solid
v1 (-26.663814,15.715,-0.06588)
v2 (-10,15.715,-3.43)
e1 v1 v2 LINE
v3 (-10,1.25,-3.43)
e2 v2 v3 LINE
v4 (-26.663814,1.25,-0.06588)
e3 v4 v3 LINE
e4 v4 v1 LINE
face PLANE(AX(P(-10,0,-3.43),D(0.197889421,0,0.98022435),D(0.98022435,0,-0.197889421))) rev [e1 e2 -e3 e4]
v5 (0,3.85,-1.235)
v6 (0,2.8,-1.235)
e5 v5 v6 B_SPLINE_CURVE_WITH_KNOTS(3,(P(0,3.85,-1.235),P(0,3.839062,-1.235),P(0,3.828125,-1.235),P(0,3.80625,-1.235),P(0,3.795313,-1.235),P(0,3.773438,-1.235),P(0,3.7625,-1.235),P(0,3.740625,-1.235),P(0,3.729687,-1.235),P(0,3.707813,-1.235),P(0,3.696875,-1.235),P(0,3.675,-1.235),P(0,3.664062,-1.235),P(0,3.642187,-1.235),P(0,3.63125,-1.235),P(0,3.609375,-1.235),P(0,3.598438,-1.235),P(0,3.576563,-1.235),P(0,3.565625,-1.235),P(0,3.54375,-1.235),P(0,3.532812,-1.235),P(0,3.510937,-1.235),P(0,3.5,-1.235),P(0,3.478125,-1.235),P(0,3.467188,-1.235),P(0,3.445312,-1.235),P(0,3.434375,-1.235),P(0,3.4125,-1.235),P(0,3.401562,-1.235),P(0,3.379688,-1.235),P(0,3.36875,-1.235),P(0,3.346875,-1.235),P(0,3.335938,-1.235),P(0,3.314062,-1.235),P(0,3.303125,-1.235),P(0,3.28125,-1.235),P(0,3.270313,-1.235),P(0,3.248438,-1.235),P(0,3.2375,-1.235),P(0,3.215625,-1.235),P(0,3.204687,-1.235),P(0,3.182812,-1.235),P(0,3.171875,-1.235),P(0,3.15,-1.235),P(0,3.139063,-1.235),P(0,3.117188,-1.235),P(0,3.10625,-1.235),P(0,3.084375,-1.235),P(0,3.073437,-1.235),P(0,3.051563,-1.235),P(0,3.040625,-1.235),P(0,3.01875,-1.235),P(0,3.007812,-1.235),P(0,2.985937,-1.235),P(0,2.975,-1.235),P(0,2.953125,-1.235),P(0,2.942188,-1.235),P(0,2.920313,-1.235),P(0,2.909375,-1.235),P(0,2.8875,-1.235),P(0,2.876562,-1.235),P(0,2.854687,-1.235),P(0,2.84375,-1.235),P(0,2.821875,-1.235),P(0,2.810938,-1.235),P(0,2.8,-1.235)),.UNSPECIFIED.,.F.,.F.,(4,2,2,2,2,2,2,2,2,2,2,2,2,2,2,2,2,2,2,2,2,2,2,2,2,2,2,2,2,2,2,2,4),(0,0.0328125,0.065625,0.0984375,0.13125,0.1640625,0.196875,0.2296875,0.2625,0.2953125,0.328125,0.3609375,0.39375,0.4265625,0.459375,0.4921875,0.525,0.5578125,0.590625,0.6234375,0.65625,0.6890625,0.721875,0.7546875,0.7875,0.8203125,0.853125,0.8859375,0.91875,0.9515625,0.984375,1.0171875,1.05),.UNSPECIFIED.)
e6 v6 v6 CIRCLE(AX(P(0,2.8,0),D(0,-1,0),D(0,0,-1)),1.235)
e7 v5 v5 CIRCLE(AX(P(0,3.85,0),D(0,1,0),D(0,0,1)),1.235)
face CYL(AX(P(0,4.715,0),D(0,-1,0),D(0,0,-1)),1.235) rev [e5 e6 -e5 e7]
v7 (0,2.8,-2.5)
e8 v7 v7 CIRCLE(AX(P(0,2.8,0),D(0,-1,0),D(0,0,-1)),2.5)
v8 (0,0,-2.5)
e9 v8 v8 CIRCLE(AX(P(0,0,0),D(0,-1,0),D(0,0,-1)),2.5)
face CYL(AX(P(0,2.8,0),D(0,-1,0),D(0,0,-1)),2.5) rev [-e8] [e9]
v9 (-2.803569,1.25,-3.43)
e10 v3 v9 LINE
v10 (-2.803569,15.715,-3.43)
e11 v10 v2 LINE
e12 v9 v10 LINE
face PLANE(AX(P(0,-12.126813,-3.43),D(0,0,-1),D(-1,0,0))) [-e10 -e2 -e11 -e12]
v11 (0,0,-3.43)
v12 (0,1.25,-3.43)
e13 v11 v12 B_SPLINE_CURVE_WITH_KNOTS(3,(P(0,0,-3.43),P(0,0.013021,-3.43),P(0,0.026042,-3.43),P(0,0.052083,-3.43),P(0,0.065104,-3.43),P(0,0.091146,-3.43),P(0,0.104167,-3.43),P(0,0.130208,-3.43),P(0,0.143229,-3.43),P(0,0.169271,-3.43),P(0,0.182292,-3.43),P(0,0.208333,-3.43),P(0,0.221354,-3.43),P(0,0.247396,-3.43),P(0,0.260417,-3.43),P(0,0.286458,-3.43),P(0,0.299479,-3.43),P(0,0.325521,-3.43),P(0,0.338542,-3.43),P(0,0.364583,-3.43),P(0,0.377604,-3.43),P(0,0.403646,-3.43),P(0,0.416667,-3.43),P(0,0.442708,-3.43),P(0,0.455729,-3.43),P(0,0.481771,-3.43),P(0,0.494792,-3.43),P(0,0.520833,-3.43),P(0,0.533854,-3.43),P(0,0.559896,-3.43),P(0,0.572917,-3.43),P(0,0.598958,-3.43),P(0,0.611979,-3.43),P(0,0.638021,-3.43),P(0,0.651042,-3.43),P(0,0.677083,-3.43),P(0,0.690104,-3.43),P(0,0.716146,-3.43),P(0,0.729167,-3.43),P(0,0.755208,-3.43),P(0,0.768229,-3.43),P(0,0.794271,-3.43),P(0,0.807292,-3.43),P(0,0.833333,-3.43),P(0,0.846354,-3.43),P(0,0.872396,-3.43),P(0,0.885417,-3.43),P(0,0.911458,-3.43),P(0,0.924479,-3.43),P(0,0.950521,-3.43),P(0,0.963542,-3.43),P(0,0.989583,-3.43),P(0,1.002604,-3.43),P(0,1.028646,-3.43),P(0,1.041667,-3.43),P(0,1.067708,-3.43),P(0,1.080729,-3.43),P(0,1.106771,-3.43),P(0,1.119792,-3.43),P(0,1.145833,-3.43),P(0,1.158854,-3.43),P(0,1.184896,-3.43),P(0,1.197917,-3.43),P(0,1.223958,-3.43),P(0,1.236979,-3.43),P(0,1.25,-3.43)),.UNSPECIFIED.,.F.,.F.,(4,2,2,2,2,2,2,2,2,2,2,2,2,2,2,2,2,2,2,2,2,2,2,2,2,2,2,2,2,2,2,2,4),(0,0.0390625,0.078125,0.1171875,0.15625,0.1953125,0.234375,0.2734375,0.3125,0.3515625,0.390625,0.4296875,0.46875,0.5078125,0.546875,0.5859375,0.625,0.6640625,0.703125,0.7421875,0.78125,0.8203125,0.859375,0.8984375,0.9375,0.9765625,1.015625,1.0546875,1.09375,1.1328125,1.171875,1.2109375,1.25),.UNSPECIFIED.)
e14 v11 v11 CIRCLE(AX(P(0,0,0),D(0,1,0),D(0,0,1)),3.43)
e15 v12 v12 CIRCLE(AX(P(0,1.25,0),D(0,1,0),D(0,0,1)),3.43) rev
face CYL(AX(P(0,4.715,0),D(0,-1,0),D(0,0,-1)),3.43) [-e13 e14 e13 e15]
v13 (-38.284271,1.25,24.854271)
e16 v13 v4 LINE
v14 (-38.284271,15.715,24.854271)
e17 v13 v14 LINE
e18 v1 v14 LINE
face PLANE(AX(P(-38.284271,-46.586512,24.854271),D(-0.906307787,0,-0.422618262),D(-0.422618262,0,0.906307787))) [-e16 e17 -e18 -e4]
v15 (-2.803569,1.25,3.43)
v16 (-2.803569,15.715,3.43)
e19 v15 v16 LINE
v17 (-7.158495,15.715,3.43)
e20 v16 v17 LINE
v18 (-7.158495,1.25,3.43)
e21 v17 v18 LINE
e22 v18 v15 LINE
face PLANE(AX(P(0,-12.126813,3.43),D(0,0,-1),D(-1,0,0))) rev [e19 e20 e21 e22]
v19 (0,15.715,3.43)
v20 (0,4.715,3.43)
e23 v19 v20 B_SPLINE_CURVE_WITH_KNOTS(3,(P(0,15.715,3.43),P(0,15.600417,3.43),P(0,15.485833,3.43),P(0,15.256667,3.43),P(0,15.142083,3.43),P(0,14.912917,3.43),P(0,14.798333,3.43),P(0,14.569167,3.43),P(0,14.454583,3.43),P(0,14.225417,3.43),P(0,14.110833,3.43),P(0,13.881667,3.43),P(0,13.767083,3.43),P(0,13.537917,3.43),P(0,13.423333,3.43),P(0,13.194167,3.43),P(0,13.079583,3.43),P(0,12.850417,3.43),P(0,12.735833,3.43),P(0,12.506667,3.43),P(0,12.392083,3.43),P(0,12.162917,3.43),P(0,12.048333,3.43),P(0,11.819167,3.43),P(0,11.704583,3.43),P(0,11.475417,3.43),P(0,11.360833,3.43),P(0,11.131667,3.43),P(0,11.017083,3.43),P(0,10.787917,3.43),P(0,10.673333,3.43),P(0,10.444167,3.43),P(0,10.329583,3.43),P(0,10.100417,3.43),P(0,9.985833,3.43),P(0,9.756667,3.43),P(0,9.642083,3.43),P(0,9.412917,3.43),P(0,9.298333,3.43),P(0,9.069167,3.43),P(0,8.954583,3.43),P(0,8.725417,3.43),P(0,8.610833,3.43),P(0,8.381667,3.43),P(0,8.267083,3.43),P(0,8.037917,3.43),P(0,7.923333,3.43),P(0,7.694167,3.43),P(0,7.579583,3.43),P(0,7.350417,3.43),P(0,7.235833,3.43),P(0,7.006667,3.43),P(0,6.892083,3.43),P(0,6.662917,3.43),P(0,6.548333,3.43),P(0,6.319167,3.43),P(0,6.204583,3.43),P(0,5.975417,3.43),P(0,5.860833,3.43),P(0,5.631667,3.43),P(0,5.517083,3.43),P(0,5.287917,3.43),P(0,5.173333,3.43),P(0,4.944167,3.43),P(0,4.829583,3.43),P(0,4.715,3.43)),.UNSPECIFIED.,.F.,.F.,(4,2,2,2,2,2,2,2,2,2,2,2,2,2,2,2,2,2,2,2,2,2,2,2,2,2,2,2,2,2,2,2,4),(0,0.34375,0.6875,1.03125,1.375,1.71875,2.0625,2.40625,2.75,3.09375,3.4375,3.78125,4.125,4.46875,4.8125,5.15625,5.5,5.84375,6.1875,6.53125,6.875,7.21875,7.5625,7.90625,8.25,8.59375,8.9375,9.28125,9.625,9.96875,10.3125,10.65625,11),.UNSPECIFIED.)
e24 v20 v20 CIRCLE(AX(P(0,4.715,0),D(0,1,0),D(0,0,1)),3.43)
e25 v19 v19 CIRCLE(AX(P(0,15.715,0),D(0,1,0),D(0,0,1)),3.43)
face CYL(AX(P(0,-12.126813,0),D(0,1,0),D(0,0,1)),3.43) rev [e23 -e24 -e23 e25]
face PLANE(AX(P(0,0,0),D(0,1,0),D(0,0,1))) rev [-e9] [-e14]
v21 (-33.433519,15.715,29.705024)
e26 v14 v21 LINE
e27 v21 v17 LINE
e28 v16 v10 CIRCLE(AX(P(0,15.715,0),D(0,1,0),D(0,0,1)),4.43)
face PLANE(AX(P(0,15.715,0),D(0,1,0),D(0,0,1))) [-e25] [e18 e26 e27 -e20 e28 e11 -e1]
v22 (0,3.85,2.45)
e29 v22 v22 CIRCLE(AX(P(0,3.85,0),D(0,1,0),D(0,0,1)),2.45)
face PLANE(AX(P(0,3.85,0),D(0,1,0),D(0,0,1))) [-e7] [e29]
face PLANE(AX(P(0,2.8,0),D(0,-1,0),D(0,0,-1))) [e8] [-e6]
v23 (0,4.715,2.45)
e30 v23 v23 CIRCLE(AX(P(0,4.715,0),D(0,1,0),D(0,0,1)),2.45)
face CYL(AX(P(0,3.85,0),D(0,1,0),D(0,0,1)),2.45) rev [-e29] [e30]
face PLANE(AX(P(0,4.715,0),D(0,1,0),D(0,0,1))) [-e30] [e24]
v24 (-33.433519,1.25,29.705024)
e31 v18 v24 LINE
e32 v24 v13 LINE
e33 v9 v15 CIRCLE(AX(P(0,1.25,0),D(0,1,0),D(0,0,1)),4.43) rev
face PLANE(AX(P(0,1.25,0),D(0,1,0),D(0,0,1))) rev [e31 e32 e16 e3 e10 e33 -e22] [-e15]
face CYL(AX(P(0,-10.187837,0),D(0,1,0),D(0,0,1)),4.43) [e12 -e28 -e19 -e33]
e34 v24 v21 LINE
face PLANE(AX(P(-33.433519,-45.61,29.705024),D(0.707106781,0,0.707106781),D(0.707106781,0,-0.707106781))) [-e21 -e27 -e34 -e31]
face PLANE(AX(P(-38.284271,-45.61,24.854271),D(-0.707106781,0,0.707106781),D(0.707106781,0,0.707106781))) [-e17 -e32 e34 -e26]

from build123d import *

# Parameters (mm, degrees)
SKETCH1_R            = 3.43
SKETCH1_R_2          = 1.235
MAIN_BODY_DEPTH      = 4.715
SKETCH2_R            = 2.45
TOP_SCREW_HOLE_DEPTH = 0.865
MAKE_START           = -3.465
MAKE_WINGS_DEPTH     = 14.465
SKETCH4_R            = 2.5
SPLINE_HOLE_DEPTH    = 2.8
SKETCH5_W            = 6.86
SKETCH5_H            = 14.465
BOSS_EXTRUDE1_DEPTH  = 5
BOSS_EXTRUDE2_DEPTH  = 14.465
BOSS_EXTRUDE3_DEPTH  = 14.465
BOSS_EXTRUDE4_START  = -14.465
BOSS_EXTRUDE4_DEPTH  = 14.465
CUT_EXTRUDE1_DEPTH   = 51.941486893


with BuildPart() as part:
    # Sketch1 → main body (new body)
    with BuildSketch(Plane(origin=(0, 0, 0), x_dir=(1, 0, 0), z_dir=(0, 1, 0))):
        with Locations(Location((0, 0, 0), (0, 0, 90))):
            Circle(SKETCH1_R)
        with Locations(Location((0, 0, 0), (0, 0, 90))):
            Circle(SKETCH1_R_2, mode=Mode.SUBTRACT)
    extrude(amount=MAIN_BODY_DEPTH)

    # Sketch2 → top screw hole (cut)
    with BuildSketch(Plane(origin=(0, 4.715, 0), x_dir=(1, 0, 0), z_dir=(0, 1, 0))):
        with Locations(Location((0, 0, 0), (0, 0, 270))):
            Circle(SKETCH2_R)
    extrude(amount=-TOP_SCREW_HOLE_DEPTH, mode=Mode.SUBTRACT)

    # Sketch3 → make wings (add)
    with BuildSketch(Plane(origin=(0, 4.715, 0), x_dir=(1, 0, 0), z_dir=(0, 1, 0)).offset(MAKE_START)):
        with BuildLine():
            ThreePointArc((0, -3.43), (-3.43, 0), (0, 3.43))
            Line((0, 3.43), (-6.57, 3.43))
            ThreePointArc((-6.57, 3.43), (-10, 0), (-6.57, -3.43))
            Line((-6.57, -3.43), (0, -3.43))
        make_face()
    extrude(amount=MAKE_WINGS_DEPTH)

    # Sketch4 → spline hole (cut)
    with BuildSketch(Plane.XZ):
        with Locations(Location((0, 0, 0), (0, 0, 270))):
            Circle(SKETCH4_R)
    extrude(amount=-SPLINE_HOLE_DEPTH, mode=Mode.SUBTRACT)

    # Sketch5 → Boss-Extrude1 (add)
    with BuildSketch(Plane.ZY.offset(10)):
        with Locations((0, 8.4825)):
            Rectangle(SKETCH5_W, SKETCH5_H)
    extrude(amount=-BOSS_EXTRUDE1_DEPTH)

    # Sketch6 → Boss-Extrude2 (add)
    with BuildSketch(Plane(origin=(0, 15.715, 0), x_dir=(1, 0, 0), z_dir=(0, 1, 0))):
        Polygon((-10, 3.43), (-38.284271247, -24.854271247), (-33.433518729, -29.705023766), (-5.149247481, -1.420752519), align=None)
    extrude(amount=-BOSS_EXTRUDE2_DEPTH)

    # Sketch7 → Boss-Extrude3 (add)
    with BuildSketch(Plane(origin=(0, 15.715, 0), x_dir=(1, 0, 0), z_dir=(0, 1, 0))):
        Polygon((-38.284271247, -24.854271247), (-20.294632832, 13.724632832), (-10, 3.43), align=None)
    extrude(amount=-BOSS_EXTRUDE3_DEPTH)

    # Sketch9 → Boss-Extrude4 (add)
    with BuildSketch(Plane(origin=(0, 15.715, 0), x_dir=(1, 0, 0), z_dir=(0, 1, 0)).offset(BOSS_EXTRUDE4_START)):
        with BuildLine():
            Line((0, 3.43), (-2.803569154, 3.43))
            ThreePointArc((-2.803569154, 3.43), (4.43, 0), (-2.803569154, -3.43))
            Line((-2.803569154, -3.43), (0, -3.43))
            ThreePointArc((0, -3.43), (3.43, 0), (0, 3.43))
        make_face()
    extrude(amount=BOSS_EXTRUDE4_DEPTH)

    # Sketch10 → Cut-Extrude1 (cut, through all)
    with BuildSketch(Plane(origin=(0, 15.715, 0), x_dir=(1, 0, 0), z_dir=(0, 1, 0))):
        Polygon((-10, 3.43), (-26.663813955, 0.065879836), (-20.294632832, 13.724632832), align=None)
    extrude(amount=-CUT_EXTRUDE1_DEPTH, mode=Mode.SUBTRACT)


solid = part.part
